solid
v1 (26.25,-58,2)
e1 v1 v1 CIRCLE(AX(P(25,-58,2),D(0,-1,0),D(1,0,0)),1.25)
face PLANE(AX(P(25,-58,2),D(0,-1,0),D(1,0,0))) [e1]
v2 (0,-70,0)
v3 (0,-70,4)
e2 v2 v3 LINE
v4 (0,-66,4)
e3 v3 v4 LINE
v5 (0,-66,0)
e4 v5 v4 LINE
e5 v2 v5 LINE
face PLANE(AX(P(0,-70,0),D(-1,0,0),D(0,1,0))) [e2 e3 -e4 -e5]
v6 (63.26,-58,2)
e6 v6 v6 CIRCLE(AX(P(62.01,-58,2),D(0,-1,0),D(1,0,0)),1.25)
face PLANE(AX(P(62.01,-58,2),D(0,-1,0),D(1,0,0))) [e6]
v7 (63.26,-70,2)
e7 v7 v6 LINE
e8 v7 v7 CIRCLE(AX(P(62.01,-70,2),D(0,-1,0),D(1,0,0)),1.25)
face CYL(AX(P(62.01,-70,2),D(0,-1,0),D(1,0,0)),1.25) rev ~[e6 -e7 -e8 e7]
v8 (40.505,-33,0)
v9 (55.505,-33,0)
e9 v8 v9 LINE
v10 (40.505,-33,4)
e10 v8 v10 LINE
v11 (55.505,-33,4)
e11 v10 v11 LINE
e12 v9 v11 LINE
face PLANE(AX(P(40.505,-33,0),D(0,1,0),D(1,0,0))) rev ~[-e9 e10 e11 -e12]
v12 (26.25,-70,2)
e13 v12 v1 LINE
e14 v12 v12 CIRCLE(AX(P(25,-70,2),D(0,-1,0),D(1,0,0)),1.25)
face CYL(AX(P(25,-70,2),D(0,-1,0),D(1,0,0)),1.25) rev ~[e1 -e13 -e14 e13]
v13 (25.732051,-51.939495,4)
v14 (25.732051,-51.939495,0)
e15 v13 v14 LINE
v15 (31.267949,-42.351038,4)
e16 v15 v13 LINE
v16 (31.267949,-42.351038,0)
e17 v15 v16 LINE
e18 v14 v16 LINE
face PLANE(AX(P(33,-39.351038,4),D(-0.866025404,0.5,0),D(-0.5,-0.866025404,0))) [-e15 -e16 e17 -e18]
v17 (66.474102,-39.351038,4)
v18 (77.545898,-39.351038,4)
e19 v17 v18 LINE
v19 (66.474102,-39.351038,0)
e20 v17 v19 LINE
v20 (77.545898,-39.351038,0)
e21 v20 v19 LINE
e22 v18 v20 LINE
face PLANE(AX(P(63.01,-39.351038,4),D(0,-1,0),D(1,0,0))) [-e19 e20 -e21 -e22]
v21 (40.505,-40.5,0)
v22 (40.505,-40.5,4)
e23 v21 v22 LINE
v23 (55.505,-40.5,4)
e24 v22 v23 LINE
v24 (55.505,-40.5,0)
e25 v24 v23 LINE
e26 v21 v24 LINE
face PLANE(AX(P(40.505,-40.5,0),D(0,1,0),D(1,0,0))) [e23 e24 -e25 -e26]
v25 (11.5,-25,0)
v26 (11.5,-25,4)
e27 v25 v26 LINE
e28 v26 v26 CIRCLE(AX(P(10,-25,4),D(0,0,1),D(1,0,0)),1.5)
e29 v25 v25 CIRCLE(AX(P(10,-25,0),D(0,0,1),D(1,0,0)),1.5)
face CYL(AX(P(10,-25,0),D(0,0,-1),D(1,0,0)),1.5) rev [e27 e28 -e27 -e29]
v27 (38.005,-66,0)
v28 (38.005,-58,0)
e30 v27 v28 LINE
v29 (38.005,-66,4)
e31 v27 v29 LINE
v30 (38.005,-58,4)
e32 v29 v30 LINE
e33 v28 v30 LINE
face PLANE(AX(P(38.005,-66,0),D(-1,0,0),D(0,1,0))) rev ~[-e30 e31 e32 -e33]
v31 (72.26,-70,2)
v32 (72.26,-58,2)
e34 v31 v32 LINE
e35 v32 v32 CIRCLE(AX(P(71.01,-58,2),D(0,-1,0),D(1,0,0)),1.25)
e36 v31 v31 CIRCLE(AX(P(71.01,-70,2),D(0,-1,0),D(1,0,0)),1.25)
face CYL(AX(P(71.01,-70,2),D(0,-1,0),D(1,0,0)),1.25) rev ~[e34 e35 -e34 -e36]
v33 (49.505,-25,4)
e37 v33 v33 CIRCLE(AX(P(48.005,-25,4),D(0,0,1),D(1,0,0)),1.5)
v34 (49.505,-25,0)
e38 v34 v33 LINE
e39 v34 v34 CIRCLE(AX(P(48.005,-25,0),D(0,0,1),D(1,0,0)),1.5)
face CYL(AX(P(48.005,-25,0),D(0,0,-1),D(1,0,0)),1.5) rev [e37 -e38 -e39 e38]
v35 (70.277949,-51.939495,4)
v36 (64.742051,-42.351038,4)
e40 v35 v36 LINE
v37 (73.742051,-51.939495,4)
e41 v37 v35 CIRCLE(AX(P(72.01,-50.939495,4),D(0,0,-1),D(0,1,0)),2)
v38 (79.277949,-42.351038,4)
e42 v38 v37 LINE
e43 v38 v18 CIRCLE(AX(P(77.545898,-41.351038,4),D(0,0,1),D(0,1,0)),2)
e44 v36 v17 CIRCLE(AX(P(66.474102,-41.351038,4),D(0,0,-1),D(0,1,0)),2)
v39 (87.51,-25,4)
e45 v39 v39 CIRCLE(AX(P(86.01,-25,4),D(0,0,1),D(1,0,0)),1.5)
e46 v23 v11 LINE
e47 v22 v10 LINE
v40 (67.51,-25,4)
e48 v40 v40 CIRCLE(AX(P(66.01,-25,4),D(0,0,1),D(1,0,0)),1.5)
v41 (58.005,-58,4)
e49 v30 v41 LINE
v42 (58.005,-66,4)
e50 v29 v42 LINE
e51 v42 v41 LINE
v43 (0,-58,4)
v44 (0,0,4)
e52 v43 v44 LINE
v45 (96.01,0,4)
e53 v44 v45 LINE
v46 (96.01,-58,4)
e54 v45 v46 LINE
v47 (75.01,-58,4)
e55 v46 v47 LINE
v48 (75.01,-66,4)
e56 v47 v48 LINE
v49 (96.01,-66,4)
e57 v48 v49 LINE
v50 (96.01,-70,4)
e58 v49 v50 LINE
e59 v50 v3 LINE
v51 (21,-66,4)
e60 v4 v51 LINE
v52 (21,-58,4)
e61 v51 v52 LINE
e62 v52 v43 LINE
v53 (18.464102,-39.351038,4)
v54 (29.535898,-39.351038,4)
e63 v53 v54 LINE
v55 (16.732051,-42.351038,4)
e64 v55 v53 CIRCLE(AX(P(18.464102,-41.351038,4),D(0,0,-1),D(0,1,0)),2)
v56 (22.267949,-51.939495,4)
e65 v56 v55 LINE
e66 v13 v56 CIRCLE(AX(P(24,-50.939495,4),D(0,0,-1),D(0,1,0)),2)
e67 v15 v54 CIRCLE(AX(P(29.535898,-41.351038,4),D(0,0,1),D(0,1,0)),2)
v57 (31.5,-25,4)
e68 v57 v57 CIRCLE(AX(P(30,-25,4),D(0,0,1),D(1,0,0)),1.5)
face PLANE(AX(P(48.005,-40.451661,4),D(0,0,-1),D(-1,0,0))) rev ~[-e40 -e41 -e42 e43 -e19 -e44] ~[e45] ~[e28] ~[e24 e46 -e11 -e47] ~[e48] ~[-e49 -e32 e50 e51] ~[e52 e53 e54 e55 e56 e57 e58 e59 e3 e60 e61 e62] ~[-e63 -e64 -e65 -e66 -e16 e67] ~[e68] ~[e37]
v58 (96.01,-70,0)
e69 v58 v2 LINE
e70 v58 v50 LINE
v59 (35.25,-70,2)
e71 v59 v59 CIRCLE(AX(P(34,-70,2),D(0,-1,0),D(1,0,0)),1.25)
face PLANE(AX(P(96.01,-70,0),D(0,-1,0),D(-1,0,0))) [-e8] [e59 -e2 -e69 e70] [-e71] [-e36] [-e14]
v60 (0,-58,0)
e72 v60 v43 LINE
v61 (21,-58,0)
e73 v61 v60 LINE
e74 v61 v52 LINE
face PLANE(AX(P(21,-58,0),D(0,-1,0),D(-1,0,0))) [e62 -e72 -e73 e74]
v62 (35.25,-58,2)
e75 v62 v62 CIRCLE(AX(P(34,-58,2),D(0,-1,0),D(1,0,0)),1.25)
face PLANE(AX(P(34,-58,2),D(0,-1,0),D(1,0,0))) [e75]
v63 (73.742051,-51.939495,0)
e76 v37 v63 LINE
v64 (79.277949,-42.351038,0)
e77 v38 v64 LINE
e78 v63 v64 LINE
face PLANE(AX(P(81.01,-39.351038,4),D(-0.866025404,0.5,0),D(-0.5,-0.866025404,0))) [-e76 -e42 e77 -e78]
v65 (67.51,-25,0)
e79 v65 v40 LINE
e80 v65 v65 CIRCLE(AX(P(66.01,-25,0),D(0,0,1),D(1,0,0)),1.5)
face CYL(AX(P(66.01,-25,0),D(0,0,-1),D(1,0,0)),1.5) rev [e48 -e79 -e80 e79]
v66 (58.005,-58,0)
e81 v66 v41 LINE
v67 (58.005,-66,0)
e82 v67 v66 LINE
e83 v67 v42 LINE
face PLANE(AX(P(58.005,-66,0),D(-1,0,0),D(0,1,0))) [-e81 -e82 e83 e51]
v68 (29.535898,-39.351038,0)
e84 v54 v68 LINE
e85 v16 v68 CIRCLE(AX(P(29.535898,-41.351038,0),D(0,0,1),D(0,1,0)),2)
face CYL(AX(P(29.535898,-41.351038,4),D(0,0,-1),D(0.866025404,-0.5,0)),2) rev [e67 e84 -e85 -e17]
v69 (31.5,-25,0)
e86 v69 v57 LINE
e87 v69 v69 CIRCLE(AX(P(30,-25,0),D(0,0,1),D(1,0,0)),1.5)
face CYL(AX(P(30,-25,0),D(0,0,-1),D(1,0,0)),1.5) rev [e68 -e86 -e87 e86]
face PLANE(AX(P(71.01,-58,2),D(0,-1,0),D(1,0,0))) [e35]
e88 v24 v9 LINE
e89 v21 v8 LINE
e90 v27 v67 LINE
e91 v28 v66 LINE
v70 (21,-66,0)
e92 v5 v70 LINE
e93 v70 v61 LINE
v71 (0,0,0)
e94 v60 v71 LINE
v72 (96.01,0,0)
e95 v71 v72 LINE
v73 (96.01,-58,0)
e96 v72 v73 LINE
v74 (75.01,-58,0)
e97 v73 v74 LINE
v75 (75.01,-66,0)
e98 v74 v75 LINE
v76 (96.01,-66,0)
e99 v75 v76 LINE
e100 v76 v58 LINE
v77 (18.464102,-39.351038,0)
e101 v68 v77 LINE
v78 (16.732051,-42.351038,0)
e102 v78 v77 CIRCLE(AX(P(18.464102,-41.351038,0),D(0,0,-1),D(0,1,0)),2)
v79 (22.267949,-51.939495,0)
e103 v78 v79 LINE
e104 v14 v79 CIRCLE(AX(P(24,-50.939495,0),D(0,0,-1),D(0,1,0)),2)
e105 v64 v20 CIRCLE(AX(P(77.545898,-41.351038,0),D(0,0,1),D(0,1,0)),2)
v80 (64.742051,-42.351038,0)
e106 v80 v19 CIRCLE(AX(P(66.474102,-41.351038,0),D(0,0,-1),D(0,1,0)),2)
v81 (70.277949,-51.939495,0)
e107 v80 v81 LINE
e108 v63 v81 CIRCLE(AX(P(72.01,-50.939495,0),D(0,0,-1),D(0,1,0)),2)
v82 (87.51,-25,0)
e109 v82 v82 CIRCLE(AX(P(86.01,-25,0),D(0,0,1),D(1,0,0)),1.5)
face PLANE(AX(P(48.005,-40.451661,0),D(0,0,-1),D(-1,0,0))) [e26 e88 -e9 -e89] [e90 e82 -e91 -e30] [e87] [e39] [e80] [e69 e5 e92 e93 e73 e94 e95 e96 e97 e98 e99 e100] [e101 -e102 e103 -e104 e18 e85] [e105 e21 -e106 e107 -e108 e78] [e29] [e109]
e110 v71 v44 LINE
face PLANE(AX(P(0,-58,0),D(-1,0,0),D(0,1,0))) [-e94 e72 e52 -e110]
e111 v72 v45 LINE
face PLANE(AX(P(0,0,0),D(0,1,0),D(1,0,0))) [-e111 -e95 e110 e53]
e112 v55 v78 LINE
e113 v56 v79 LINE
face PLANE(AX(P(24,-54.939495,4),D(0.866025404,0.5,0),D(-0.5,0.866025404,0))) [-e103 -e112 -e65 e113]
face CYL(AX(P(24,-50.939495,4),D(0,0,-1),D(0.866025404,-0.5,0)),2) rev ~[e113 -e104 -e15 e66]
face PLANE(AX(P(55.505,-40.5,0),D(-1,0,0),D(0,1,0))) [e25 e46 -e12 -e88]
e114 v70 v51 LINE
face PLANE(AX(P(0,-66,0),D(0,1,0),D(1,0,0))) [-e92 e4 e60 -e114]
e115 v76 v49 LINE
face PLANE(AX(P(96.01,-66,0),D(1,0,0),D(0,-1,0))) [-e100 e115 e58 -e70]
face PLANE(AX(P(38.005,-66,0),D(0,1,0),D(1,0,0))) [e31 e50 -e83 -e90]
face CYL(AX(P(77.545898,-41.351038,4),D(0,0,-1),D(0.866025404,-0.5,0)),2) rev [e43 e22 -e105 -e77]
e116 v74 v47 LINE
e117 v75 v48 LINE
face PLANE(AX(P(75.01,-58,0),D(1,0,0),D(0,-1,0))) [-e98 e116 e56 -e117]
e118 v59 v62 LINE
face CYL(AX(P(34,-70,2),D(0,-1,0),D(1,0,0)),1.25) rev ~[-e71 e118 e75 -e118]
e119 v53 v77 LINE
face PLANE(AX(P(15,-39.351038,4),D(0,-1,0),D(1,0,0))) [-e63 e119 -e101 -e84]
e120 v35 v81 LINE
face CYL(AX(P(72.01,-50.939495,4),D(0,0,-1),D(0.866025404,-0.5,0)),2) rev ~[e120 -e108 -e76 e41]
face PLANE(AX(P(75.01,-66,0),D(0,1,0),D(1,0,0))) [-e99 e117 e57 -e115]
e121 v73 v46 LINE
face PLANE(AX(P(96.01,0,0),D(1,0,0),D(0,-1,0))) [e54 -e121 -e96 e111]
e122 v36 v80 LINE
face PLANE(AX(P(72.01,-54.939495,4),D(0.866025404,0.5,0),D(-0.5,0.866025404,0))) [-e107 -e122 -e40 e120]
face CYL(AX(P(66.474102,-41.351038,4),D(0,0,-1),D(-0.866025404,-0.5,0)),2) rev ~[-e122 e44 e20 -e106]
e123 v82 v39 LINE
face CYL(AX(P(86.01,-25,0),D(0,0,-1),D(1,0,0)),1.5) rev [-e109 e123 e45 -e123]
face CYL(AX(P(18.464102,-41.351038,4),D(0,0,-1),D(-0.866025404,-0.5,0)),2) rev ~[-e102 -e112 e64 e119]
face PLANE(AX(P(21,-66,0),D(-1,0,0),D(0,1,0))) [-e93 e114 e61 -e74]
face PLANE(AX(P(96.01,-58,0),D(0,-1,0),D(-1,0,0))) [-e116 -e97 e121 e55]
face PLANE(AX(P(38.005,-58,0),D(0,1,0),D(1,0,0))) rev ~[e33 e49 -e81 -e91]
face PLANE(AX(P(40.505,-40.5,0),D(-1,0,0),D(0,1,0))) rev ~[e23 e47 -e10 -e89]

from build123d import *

# Parameters (mm, degrees)
ESBO_O1_R                = 1.5
ESBO_O1_W                = 20
ESBO_O1_H                = 8
ESBO_O1_W_2              = 15
ESBO_O1_H_2              = 7.5
RESSALTO_EXTRUS_O1_DEPTH = 4
CORTE_EXTRUS_O1_DEPTH    = 10
FILETE1_R                = 2
ESBO_O3_R                = 1.25
CORTE_EXTRUS_O2_DEPTH    = 12


with BuildPart() as part:
    # Esboço1 → Ressalto-extrusão1 (new body)
    with BuildSketch(Plane.XY):
        Polygon((0, 0), (96.01, 0), (96.01, -58), (75.01, -58), (75.01, -66), (96.01, -66), (96.01, -70), (0, -70), (0, -66), (21, -66), (21, -58), (0, -58), align=None)
        with Locations((48.005, -25)):
            Circle(ESBO_O1_R, mode=Mode.SUBTRACT)
        with Locations((86.01, -25)):
            Circle(ESBO_O1_R, mode=Mode.SUBTRACT)
        with Locations((10, -25)):
            Circle(ESBO_O1_R, mode=Mode.SUBTRACT)
        with Locations((66.01, -25)):
            Circle(ESBO_O1_R, mode=Mode.SUBTRACT)
        with Locations((30, -25)):
            Circle(ESBO_O1_R, mode=Mode.SUBTRACT)
        with Locations((48.005, -62)):
            Rectangle(ESBO_O1_W, ESBO_O1_H, mode=Mode.SUBTRACT)
        with Locations((48.005, -36.75)):
            Rectangle(ESBO_O1_W_2, ESBO_O1_H_2, mode=Mode.SUBTRACT)
    extrude(amount=RESSALTO_EXTRUS_O1_DEPTH)

    # Esboço2 → Corte-extrusão1 (cut)
    with BuildSketch(Plane.XY.offset(4)):
        Polygon((63.01, -39.351037912), (81.01, -39.351037912), (72.01, -54.93949518), align=None)
        Polygon((15, -39.351037912), (33, -39.351037912), (24, -54.93949518), align=None)
    extrude(amount=-CORTE_EXTRUS_O1_DEPTH, mode=Mode.SUBTRACT)

    # Filete1
    filete1_edges = [part.edges().sort_by_distance(p)[0] for p in [
        (72.01, -54.93949518, 2),
        (63.01, -39.351037912, 2),
        (81.01, -39.351037912, 2),
        (24, -54.93949518, 2),
        (15, -39.351037912, 2),
        (33, -39.351037912, 2),
    ]]
    fillet(filete1_edges, radius=FILETE1_R)

    # Esboço3 → Corte-extrusão2 (cut)
    with BuildSketch(Plane.XZ.offset(70)):
        with Locations((25, 2)):
            Circle(ESBO_O3_R)
        with Locations((34, 2)):
            Circle(ESBO_O3_R)
        with Locations((62.01, 2)):
            Circle(ESBO_O3_R)
        with Locations((71.01, 2)):
            Circle(ESBO_O3_R)
    extrude(amount=-CORTE_EXTRUS_O2_DEPTH, mode=Mode.SUBTRACT)


solid = part.part
